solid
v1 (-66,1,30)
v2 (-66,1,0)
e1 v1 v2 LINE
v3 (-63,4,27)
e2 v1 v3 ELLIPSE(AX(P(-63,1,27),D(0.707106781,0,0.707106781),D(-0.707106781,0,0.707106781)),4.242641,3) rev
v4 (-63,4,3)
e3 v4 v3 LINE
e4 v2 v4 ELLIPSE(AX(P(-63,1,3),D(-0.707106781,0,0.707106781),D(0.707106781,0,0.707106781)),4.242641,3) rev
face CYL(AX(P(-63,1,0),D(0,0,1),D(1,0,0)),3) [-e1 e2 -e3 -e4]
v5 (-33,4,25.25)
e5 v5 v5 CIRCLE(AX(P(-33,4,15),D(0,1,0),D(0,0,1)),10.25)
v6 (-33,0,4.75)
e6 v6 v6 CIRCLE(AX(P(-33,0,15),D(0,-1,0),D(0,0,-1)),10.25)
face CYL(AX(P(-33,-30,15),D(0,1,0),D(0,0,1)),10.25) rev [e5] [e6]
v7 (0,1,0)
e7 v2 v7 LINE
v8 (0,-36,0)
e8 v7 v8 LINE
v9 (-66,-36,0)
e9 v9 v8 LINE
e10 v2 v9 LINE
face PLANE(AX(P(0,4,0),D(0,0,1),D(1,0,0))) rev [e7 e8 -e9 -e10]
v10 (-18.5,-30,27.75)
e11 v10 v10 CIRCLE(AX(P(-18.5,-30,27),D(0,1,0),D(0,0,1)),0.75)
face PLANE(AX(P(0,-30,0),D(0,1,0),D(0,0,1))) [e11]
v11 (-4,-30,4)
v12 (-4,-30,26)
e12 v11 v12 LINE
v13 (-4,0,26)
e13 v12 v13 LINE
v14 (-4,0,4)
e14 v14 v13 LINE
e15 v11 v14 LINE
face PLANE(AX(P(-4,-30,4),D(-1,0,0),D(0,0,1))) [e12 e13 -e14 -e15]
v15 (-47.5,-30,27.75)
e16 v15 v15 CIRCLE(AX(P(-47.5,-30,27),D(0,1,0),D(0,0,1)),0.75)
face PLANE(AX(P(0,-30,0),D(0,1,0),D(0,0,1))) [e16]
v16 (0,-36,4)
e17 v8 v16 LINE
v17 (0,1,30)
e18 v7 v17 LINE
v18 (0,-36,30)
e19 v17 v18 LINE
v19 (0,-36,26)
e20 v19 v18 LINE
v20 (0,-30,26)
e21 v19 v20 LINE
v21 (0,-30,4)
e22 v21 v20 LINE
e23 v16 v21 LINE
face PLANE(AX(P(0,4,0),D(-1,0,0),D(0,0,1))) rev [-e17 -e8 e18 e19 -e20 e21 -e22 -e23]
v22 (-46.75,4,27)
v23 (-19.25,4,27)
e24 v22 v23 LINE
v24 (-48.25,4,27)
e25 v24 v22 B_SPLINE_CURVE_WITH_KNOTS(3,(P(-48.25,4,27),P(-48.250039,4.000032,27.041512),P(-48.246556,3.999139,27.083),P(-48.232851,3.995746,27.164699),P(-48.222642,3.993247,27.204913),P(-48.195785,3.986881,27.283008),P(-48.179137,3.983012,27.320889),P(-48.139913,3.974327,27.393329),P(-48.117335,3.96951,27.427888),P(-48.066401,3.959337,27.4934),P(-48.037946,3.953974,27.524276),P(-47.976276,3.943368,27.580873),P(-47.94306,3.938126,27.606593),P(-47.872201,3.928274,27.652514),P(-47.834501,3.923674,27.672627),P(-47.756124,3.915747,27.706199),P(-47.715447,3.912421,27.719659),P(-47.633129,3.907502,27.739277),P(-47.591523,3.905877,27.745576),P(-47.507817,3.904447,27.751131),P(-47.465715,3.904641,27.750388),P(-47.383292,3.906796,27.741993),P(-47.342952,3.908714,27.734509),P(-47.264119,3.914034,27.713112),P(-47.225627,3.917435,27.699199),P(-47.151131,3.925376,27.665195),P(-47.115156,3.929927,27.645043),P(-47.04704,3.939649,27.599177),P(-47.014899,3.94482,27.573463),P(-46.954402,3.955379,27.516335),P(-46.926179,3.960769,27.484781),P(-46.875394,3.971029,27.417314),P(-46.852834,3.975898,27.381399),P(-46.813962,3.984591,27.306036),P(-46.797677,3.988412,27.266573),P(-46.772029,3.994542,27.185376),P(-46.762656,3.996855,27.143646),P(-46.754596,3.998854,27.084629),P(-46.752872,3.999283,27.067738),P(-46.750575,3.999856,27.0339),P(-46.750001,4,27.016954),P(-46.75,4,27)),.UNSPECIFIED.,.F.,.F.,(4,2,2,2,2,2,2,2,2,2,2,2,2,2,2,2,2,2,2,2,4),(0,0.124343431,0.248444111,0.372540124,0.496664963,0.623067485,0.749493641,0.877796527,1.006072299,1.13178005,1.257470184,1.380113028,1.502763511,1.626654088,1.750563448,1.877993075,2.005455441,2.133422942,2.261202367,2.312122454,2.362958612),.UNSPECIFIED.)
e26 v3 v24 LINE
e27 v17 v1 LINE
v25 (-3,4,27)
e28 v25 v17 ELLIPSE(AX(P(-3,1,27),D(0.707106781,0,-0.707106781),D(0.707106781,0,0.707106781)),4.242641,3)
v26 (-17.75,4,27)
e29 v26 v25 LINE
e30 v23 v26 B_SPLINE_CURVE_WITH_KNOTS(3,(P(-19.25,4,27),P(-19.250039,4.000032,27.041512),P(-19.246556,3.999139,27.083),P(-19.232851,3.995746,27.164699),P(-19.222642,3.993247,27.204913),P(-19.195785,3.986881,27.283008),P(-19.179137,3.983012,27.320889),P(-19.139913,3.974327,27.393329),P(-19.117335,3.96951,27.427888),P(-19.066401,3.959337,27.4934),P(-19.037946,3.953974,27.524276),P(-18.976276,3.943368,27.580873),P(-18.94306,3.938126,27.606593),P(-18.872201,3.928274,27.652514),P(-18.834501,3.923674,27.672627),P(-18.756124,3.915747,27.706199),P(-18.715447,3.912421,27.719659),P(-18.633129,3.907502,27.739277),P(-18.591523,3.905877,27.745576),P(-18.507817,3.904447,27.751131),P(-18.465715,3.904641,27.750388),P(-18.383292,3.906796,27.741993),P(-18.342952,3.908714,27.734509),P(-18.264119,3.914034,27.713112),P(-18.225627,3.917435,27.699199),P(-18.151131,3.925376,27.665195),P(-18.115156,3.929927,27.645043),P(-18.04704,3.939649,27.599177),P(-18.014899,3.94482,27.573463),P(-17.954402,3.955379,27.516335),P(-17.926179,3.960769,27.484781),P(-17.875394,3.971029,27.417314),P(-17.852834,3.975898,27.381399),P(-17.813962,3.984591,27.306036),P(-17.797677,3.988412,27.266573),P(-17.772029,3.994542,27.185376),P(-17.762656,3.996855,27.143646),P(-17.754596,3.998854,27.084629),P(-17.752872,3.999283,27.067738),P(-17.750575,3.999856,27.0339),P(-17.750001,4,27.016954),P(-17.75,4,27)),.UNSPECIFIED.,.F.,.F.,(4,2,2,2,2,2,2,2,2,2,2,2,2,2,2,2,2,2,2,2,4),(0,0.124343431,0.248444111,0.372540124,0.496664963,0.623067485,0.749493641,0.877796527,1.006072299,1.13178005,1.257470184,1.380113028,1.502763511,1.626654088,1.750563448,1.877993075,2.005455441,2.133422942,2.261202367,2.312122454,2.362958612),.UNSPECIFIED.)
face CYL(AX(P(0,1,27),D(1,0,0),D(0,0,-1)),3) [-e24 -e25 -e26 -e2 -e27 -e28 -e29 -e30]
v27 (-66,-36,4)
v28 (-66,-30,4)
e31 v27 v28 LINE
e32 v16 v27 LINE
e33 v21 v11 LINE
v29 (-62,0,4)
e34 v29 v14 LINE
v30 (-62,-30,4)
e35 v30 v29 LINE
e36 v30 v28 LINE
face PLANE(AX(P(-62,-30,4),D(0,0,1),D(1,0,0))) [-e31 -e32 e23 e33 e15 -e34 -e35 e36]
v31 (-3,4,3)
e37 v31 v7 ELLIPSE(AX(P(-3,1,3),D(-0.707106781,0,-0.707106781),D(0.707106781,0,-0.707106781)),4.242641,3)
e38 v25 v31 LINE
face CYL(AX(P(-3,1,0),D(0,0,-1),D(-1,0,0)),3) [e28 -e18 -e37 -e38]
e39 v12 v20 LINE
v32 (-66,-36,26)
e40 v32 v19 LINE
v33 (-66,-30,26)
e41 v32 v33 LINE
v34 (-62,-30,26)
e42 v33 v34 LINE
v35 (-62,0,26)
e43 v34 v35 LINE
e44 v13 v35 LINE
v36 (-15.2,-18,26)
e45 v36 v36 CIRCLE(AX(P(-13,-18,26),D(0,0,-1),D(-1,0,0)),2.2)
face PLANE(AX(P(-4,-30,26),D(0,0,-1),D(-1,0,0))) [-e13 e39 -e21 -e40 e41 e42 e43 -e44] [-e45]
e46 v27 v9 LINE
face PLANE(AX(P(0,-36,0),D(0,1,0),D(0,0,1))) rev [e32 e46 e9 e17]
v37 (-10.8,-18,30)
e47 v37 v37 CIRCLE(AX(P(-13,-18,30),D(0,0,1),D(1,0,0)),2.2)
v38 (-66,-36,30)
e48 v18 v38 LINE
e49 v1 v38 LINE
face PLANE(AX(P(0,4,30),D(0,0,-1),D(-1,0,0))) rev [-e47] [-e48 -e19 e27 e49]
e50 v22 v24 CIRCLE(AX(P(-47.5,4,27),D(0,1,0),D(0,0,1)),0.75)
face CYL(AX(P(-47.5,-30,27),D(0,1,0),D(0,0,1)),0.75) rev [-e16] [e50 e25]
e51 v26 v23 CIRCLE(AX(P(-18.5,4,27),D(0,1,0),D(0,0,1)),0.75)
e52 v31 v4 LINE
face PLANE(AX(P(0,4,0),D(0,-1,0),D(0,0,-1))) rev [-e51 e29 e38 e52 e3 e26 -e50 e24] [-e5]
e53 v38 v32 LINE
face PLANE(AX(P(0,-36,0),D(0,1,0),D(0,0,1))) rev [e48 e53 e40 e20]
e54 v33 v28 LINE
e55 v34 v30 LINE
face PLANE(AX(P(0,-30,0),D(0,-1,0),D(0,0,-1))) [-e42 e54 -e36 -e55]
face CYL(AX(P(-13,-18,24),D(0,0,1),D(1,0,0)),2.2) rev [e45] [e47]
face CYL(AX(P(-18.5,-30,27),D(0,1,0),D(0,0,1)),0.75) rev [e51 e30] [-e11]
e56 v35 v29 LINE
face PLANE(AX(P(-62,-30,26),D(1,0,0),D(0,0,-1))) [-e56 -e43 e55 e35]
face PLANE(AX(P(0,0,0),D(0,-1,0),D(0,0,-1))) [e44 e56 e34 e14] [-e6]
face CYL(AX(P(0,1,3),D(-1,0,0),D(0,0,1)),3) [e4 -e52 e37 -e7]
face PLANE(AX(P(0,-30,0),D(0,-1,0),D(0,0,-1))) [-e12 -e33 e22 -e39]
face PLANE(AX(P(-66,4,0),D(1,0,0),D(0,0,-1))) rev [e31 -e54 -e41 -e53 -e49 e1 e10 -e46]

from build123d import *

# Parameters (mm, degrees)
SKETCH1_W           = 66
SKETCH1_H           = 30
BOSS_EXTRUDE1_DEPTH = 4
FILLET1_R           = 3
SKETCH2_W           = 66
SKETCH2_H           = 30
SKETCH2_W_2         = 58
SKETCH2_H_2         = 22
BOSS_EXTRUDE2_DEPTH = 30
SKETCH3_R           = 10.25
CUT_EXTRUDE1_DEPTH  = 35
SKETCH4_R           = 0.75
CUT_EXTRUDE2_DEPTH  = 35
SKETCH5_W           = 66
SKETCH5_H           = 4
BOSS_EXTRUDE4_DEPTH = 6
SKETCH6_R           = 2.2
CUT_EXTRUDE3_DEPTH  = 6


with BuildPart() as part:
    # Sketch1 → Boss-Extrude1 (new body)
    with BuildSketch(Plane(origin=(0, 0, 0), x_dir=(1, 0, 0), z_dir=(0, 1, 0))):
        with Locations((-33, -15)):
            Rectangle(SKETCH1_W, SKETCH1_H)
    extrude(amount=BOSS_EXTRUDE1_DEPTH)

    # Fillet1
    fillet1_edges = [part.edges().sort_by_distance(p)[0] for p in [
        (-66, 4, 15),
        (-33, 4, 30),
        (0, 4, 15),
        (-33, 4, 0),
    ]]
    fillet(fillet1_edges, radius=FILLET1_R)

    # Sketch2 → Boss-Extrude2 (add)
    with BuildSketch(Plane.XZ):
        with Locations((-33, 15)):
            Rectangle(SKETCH2_W, SKETCH2_H)
        with Locations((-33, 15)):
            Rectangle(SKETCH2_W_2, SKETCH2_H_2, mode=Mode.SUBTRACT)
    extrude(amount=BOSS_EXTRUDE2_DEPTH)

    # Sketch3 → Cut-Extrude1 (cut, through all)
    with BuildSketch(Plane(origin=(0, 4, 0), x_dir=(1, 0, 0), z_dir=(0, 1, 0))):
        with Locations((-33, -15)):
            Circle(SKETCH3_R)
    extrude(amount=-CUT_EXTRUDE1_DEPTH, mode=Mode.SUBTRACT)

    # Sketch4 → Cut-Extrude2 (cut, through all)
    with BuildSketch(Plane(origin=(0, 4, 0), x_dir=(1, 0, 0), z_dir=(0, 1, 0))):
        with Locations((-47.5, -27)):
            Circle(SKETCH4_R)
        with Locations((-18.5, -27)):
            Circle(SKETCH4_R)
    extrude(amount=-CUT_EXTRUDE2_DEPTH, mode=Mode.SUBTRACT)

    # Sketch5 → Boss-Extrude4 (add)
    with BuildSketch(Plane.XZ.offset(30)):
        with Locations((-33, 28)):
            Rectangle(SKETCH5_W, SKETCH5_H)
        with Locations((-33, 2)):
            Rectangle(SKETCH5_W, SKETCH5_H)
    extrude(amount=BOSS_EXTRUDE4_DEPTH)

    # Sketch6 → Cut-Extrude3 (cut)
    with BuildSketch(Plane.XY.offset(30)):
        with Locations((-13, -18)):
            Circle(SKETCH6_R)
    extrude(amount=-CUT_EXTRUDE3_DEPTH, mode=Mode.SUBTRACT)


solid = part.part
